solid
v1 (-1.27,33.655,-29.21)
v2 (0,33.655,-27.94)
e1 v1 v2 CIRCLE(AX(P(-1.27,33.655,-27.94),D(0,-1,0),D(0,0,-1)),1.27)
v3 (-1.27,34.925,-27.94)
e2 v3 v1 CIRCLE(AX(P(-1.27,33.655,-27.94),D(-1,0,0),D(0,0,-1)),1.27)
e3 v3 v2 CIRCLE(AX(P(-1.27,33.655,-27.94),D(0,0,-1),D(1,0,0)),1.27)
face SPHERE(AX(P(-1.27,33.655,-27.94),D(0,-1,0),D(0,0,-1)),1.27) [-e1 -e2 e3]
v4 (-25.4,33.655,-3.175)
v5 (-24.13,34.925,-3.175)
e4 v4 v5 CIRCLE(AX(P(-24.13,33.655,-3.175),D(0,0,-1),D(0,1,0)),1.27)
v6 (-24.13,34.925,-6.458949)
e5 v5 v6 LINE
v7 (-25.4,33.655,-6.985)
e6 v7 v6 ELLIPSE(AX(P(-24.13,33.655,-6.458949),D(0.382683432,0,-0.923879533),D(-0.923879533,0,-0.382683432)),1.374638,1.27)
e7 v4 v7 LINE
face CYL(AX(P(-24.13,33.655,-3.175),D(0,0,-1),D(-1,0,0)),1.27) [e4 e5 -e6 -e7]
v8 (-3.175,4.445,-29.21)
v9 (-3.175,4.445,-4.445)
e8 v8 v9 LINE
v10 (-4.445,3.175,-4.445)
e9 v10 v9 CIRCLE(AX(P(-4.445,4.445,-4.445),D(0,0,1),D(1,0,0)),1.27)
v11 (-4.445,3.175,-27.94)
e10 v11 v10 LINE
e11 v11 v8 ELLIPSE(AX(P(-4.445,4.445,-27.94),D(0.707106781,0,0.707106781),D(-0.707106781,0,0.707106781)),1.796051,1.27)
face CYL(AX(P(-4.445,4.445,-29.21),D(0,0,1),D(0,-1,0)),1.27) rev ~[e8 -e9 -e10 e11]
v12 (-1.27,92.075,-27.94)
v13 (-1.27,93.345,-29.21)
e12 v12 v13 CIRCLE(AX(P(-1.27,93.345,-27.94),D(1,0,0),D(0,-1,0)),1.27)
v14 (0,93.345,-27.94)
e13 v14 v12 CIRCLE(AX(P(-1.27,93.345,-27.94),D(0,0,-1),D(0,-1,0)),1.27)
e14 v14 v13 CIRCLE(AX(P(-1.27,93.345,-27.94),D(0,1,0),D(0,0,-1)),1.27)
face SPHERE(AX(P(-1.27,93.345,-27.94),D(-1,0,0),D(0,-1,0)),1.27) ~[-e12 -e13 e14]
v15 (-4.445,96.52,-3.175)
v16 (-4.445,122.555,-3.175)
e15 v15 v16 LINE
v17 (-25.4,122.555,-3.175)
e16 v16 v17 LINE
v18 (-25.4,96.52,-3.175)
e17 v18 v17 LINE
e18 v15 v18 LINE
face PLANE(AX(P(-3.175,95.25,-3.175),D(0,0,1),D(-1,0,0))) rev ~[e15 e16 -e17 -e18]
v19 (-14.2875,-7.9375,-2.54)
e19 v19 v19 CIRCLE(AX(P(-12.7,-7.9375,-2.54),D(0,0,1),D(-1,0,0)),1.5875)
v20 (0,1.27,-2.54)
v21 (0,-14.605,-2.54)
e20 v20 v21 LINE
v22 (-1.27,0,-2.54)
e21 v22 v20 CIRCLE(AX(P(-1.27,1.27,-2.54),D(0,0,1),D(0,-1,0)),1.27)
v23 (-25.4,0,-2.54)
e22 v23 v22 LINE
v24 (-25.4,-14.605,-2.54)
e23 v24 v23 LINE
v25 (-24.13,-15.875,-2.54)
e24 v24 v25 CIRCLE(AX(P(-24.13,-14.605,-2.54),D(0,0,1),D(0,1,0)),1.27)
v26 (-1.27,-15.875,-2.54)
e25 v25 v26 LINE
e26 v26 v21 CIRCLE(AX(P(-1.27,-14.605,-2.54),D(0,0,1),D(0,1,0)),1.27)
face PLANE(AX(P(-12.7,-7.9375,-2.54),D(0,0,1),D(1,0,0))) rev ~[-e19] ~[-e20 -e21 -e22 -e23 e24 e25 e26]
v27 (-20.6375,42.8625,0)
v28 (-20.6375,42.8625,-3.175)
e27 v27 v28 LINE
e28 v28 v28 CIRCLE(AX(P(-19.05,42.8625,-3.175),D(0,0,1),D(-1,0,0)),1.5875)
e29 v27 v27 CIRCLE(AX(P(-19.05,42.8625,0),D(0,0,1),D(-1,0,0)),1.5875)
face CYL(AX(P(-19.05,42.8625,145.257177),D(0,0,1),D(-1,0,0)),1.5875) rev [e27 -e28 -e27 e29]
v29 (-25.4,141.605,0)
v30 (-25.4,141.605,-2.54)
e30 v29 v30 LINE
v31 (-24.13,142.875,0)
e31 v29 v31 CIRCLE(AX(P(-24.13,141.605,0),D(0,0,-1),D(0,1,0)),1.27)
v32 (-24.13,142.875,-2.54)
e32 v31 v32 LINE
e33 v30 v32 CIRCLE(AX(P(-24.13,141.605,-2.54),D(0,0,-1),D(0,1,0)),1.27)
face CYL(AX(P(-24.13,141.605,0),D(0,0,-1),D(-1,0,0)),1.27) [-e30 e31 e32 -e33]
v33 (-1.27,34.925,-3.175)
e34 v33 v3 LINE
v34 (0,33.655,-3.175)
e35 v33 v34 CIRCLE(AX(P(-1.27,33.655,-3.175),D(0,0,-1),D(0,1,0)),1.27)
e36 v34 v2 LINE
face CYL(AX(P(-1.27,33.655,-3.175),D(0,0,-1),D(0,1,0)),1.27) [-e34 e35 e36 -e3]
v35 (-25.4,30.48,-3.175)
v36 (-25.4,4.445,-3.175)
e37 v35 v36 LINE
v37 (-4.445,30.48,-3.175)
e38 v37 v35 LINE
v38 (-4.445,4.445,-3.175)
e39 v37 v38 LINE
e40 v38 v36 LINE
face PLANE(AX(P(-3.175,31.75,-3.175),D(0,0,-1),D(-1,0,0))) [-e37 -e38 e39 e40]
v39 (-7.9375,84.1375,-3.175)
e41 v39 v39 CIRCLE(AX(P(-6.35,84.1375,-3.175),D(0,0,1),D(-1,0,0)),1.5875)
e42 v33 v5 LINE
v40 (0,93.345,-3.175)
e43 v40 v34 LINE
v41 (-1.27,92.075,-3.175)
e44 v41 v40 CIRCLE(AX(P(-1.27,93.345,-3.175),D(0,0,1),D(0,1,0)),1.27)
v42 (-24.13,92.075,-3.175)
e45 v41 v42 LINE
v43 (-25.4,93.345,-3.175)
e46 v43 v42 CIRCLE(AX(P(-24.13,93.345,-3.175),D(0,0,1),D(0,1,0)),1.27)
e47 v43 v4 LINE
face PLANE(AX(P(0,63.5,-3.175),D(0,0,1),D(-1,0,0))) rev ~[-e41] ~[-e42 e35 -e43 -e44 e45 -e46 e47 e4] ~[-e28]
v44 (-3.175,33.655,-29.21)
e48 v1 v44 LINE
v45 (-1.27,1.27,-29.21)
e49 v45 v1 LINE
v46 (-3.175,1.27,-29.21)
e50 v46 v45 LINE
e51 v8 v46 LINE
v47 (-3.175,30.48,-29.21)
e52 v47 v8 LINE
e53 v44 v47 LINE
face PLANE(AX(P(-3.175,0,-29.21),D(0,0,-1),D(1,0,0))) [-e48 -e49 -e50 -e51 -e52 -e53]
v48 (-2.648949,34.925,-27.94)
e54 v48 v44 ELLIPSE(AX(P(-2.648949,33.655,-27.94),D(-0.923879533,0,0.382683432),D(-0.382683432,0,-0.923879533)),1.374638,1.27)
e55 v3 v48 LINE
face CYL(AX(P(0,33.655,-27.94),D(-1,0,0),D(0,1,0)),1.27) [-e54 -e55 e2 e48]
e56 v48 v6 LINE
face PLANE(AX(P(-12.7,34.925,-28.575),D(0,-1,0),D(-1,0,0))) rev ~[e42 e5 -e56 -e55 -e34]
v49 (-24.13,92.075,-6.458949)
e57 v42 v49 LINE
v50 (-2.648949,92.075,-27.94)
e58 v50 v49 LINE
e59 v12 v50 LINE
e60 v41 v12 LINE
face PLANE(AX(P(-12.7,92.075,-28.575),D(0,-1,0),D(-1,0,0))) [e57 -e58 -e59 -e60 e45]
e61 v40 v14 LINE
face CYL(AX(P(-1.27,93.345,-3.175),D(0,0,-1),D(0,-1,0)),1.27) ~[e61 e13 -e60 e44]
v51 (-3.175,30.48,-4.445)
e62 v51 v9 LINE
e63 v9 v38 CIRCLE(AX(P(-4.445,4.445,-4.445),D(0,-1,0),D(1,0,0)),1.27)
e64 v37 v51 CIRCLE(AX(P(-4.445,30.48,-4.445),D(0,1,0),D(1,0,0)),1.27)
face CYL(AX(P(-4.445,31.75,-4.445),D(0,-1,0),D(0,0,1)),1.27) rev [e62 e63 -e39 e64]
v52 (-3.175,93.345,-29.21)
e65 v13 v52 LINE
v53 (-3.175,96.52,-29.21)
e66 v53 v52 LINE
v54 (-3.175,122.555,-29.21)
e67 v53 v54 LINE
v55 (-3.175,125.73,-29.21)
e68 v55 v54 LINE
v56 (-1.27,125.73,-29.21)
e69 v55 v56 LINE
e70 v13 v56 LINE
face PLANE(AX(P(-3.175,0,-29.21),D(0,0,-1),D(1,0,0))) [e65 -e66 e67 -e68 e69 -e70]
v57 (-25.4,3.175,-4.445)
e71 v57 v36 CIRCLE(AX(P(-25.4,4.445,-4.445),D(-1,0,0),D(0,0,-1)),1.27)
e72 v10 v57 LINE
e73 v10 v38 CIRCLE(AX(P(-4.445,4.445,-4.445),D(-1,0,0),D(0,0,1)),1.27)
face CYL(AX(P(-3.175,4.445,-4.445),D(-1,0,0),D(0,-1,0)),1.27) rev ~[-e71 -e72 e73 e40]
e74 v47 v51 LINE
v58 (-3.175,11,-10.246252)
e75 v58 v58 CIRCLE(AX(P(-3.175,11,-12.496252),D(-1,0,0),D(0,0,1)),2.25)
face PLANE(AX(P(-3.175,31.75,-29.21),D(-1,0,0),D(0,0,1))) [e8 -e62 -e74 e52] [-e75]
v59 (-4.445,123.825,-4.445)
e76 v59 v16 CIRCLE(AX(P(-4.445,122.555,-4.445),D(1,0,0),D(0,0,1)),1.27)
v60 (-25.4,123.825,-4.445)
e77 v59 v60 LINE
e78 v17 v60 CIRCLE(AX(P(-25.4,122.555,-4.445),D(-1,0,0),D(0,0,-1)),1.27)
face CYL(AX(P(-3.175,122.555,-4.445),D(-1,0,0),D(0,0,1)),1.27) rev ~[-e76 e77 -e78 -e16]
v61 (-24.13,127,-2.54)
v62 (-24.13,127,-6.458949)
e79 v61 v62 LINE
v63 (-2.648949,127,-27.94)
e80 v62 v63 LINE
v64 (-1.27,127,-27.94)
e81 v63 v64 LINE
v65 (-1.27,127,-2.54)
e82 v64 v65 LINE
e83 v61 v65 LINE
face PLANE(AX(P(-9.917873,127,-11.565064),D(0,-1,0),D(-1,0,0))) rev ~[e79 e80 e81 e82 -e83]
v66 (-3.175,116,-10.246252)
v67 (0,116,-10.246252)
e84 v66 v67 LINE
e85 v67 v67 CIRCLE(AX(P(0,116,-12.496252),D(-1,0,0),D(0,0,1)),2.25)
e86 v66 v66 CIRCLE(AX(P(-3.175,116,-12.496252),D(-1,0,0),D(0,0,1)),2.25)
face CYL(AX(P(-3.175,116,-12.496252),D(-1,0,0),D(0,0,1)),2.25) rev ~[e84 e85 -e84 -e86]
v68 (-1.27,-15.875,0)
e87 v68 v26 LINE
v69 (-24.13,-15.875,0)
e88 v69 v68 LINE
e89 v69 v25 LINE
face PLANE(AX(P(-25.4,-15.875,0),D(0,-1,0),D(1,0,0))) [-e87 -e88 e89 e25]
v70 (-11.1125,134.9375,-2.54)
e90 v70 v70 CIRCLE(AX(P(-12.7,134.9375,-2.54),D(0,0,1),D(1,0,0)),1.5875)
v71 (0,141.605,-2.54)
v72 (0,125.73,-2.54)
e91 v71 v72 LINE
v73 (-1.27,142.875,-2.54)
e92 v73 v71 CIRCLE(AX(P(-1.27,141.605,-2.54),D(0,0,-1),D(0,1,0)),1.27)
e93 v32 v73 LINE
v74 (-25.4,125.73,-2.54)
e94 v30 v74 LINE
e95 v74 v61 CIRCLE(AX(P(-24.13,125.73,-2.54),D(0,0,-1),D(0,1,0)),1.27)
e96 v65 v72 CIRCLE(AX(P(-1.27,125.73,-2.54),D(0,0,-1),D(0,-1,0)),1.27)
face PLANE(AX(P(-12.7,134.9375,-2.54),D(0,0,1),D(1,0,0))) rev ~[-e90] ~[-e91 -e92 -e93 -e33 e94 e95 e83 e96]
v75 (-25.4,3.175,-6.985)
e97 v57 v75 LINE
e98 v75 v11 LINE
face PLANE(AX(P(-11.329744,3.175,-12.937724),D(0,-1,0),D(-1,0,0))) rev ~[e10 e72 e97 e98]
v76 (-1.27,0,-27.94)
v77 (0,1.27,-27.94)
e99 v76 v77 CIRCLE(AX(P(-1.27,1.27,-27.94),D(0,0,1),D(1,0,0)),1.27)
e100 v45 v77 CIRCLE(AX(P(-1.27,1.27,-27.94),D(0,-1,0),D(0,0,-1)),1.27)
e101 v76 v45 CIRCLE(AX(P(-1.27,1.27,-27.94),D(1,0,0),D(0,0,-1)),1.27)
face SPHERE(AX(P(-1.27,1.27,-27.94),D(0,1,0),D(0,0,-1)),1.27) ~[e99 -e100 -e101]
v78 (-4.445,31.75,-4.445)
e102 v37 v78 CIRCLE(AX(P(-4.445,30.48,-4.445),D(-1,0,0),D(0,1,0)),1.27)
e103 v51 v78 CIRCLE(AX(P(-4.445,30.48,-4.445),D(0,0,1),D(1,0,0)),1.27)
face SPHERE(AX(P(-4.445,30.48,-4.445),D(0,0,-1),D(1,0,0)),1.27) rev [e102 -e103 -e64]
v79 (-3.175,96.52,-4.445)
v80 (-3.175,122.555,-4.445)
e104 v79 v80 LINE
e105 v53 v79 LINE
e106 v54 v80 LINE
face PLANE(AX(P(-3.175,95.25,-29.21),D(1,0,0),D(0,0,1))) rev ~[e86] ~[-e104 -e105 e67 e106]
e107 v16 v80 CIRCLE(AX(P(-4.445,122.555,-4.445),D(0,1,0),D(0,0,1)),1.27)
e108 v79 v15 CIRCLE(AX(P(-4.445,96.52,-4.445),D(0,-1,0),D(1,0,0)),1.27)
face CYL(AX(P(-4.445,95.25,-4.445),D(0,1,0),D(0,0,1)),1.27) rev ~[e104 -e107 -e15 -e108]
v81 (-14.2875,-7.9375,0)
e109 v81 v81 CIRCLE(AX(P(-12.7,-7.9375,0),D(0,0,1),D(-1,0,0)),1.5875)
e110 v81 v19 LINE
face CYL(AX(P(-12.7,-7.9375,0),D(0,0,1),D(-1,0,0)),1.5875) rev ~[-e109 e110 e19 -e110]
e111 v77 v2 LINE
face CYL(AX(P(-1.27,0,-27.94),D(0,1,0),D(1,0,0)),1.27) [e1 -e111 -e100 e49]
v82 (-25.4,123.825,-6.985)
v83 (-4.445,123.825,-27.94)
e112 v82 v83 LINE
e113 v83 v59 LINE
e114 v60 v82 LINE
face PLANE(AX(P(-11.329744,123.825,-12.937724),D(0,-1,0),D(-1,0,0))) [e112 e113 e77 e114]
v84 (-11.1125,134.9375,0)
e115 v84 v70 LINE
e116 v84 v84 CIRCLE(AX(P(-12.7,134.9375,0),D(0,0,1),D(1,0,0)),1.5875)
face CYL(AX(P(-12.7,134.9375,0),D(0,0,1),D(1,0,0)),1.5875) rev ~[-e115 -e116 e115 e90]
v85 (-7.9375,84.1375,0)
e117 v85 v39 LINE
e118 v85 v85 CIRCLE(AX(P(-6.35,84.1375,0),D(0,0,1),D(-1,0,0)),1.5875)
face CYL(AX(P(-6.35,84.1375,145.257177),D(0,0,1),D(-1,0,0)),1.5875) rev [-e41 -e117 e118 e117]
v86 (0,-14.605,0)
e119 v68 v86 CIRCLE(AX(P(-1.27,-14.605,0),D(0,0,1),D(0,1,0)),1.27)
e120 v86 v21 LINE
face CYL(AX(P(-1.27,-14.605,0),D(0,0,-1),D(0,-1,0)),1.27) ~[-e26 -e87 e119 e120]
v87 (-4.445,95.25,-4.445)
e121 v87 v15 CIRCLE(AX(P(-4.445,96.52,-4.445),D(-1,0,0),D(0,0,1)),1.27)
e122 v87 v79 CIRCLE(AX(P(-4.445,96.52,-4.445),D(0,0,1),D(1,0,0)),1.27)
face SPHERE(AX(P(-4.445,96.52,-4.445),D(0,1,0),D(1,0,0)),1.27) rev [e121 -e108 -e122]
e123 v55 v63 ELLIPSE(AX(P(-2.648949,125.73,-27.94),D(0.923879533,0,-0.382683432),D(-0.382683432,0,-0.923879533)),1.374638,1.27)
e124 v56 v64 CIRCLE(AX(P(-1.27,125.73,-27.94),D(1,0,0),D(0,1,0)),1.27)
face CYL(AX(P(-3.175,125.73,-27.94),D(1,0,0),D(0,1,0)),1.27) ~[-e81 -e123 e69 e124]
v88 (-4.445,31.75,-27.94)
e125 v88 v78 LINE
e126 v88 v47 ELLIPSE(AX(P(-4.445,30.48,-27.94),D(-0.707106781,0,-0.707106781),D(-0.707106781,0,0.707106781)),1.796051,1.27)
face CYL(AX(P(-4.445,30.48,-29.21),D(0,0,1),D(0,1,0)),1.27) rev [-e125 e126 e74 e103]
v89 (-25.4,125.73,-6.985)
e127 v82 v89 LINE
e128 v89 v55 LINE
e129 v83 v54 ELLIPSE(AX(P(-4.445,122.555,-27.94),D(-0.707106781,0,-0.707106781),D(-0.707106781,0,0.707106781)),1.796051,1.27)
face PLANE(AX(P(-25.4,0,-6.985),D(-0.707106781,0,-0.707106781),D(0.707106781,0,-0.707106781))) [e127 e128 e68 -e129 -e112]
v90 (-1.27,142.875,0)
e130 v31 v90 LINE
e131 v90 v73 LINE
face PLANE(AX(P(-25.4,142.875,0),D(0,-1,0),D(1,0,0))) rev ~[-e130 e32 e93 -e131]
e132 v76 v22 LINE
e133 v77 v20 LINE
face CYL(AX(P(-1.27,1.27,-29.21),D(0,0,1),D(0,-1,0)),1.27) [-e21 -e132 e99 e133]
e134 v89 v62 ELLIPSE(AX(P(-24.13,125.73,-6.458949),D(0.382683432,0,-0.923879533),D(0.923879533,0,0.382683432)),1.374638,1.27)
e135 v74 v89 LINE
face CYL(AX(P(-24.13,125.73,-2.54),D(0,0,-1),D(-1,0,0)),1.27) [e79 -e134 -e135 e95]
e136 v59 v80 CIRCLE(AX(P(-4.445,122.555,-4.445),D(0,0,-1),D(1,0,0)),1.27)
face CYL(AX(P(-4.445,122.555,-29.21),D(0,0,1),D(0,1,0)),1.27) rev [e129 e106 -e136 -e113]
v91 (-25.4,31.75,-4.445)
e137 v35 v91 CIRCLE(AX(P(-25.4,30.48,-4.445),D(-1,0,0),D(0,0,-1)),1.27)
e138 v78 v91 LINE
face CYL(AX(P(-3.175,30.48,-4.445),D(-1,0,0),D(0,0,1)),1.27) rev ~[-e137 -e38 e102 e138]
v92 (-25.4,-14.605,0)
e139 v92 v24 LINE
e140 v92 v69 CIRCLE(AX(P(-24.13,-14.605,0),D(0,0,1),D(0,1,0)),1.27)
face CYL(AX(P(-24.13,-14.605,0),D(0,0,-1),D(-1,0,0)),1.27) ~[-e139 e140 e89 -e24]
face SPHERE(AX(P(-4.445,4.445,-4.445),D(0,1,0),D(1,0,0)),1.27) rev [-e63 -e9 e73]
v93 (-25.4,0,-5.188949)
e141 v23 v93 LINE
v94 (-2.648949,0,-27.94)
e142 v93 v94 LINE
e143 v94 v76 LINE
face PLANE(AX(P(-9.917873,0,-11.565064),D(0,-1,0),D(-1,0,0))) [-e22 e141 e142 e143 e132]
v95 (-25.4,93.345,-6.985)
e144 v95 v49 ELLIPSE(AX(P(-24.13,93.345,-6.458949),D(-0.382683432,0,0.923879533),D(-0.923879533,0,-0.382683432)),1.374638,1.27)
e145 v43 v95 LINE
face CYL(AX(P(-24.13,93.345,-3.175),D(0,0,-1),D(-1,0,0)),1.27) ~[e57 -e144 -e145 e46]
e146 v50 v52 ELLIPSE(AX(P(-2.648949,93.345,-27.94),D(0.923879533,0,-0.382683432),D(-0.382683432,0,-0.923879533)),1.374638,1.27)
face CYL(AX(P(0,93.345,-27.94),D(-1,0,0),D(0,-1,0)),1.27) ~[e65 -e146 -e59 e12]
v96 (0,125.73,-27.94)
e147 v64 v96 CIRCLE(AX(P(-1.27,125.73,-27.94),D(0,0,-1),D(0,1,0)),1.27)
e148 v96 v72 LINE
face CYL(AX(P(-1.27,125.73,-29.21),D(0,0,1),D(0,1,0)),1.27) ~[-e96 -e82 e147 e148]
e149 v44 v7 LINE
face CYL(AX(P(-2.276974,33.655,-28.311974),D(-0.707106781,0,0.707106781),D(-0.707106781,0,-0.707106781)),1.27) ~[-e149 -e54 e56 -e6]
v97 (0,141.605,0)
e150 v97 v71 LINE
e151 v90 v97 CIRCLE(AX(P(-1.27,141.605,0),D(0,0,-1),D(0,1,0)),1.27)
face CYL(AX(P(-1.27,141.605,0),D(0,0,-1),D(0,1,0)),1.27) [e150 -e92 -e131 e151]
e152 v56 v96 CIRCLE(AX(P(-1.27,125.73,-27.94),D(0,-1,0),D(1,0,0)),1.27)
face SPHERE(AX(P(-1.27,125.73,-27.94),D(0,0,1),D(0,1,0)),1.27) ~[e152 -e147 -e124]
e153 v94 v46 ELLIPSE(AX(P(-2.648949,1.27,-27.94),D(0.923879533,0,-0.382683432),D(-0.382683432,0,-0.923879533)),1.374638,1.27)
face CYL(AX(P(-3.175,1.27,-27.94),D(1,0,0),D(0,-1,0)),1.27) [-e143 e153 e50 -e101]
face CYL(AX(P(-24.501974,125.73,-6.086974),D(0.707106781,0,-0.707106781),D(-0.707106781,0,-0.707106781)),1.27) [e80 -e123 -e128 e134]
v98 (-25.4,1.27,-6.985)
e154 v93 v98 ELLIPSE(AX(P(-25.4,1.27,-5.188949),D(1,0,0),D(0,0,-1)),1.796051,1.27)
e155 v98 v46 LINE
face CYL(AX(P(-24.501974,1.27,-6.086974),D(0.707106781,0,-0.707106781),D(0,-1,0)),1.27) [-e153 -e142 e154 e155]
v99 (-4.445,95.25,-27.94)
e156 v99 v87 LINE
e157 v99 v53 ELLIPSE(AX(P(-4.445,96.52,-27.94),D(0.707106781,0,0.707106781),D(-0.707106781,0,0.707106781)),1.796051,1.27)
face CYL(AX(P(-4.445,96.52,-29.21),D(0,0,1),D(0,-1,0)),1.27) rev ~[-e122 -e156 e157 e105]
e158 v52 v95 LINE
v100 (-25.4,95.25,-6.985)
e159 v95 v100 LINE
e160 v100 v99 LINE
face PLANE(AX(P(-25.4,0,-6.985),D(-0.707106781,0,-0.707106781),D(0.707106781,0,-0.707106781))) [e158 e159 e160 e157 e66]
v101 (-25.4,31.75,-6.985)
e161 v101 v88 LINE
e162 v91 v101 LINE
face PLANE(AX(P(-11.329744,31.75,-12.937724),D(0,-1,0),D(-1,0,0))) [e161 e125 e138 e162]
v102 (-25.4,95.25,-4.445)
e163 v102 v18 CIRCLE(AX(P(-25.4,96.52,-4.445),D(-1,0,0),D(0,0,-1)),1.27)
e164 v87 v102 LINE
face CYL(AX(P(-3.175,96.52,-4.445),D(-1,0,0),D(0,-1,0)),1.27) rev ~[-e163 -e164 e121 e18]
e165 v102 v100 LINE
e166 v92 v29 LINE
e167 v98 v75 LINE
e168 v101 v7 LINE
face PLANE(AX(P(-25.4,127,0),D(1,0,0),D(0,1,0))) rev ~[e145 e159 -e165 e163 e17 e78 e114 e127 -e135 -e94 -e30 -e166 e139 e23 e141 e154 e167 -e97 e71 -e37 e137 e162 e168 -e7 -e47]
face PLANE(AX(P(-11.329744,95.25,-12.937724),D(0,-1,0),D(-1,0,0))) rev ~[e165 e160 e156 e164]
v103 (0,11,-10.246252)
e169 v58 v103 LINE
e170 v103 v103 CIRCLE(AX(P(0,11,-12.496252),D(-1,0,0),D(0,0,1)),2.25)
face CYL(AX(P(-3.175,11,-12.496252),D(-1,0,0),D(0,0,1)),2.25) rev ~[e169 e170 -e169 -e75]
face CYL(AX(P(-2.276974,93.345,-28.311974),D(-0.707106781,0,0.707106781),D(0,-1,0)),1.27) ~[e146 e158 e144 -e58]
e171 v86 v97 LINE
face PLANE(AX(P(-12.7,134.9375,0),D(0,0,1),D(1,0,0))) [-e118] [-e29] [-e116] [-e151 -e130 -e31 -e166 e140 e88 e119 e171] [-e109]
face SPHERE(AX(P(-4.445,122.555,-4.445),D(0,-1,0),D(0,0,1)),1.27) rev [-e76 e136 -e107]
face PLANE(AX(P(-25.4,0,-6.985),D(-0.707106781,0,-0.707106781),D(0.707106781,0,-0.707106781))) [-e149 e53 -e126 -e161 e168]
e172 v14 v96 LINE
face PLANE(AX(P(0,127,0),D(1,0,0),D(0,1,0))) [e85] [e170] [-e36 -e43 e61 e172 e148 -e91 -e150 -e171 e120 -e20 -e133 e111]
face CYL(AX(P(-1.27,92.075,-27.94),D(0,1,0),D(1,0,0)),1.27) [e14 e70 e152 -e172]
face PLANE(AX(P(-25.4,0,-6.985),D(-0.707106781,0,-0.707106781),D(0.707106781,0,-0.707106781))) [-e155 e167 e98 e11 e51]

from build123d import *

# Parameters (mm, degrees)
BOSS_EXTRUDE1_DEPTH     = 127
CUT_EXTRUDE1_START      = -31.75
CUT_EXTRUDE1_DEPTH      = 28.575
CUT_EXTRUDE2_START      = 31.75
CUT_EXTRUDE2_DEPTH      = 28.575
SKETCH3_W               = 25.4
SKETCH3_H               = 50.8
CUT_EXTRUDE4_DEPTH      = 28.575
SKETCH6_W               = 25.4
SKETCH6_H               = 15.875
SKETCH6_R               = 1.5875
BOSS_EXTRUDE2_DEPTH     = 2.54
CUT_EXTRUDE6_DEPTH      = 148.432177119
CUT_EXTRUDE6_DEPTH_BACK = 148.432177119
SKETCH5_R               = 1.5875
SKETCH7_R               = 2.25
CUT_EXTRUDE7_DEPTH      = 148.514203892
FILLET1_R               = 1.27


with BuildPart() as part:
    # Sketch1 → Boss-Extrude1 (new body)
    with BuildSketch(Plane(origin=(0, 0, 0), x_dir=(1, 0, 0), z_dir=(0, 1, 0))):
        Polygon((0, 0), (-25.4, 0), (-25.4, 6.985), (-3.175, 29.21), (0, 29.21), align=None)
    extrude(amount=BOSS_EXTRUDE1_DEPTH)

    # Sketch2 → Cut-Extrude1 (cut)
    with BuildSketch(Plane(origin=(0, 63.5, 0), x_dir=(-1, 0, 0), z_dir=(0, -1, 0)).offset(CUT_EXTRUDE1_START)):
        Polygon((25.4, 6.985), (3.175, 29.21), (3.175, 3.175), (25.4, 3.175), align=None)
    extrude(amount=-CUT_EXTRUDE1_DEPTH, mode=Mode.SUBTRACT)

    # Sketch2<2> → Cut-Extrude2 (cut)
    with BuildSketch(Plane(origin=(0, 63.5, 0), x_dir=(-1, 0, 0), z_dir=(0, -1, 0)).offset(CUT_EXTRUDE2_START)):
        Polygon((25.4, 6.985), (3.175, 29.21), (3.175, 3.175), (25.4, 3.175), align=None)
    extrude(amount=CUT_EXTRUDE2_DEPTH, mode=Mode.SUBTRACT)

    # Sketch3 → Cut-Extrude4 (cut, symmetric)
    with BuildSketch(Plane(origin=(0, 63.5, 0), x_dir=(-1, 0, 0), z_dir=(0, -1, 0))):
        with Locations((12.7, 28.575)):
            Rectangle(SKETCH3_W, SKETCH3_H)
    extrude(amount=CUT_EXTRUDE4_DEPTH, both=True, mode=Mode.SUBTRACT)

    # Sketch6 → Boss-Extrude2 (add)
    # profile 1 of 2: a face of its own
    with BuildSketch(Plane.XY):
        with Locations((-12.7, 134.9375)):
            Rectangle(SKETCH6_W, SKETCH6_H)
        with Locations((-12.7, 134.9375)):
            Circle(SKETCH6_R, mode=Mode.SUBTRACT)
    # profile 2 of 2: a face of its own
    with BuildSketch(Plane.XY):
        with Locations((-12.7, -7.9375)):
            Rectangle(SKETCH6_W, SKETCH6_H)
        with Locations(Location((-12.7, -7.9375, 0), (0, 0, 180))):
            Circle(SKETCH6_R, mode=Mode.SUBTRACT)
    extrude(amount=-BOSS_EXTRUDE2_DEPTH)

    # Sketch5 → Cut-Extrude6 (cut, two sides: drawn at the far end of the back side and taken through both)
    with BuildSketch(Plane(origin=(0, 0, -3.175), x_dir=(-1, 0, 0), z_dir=(0, 0, -1)).offset(-CUT_EXTRUDE6_DEPTH_BACK)):
        with Locations((6.35, 84.1375)):
            Circle(SKETCH5_R)
        with Locations((19.05, 42.8625)):
            Circle(SKETCH5_R)
    extrude(amount=CUT_EXTRUDE6_DEPTH + CUT_EXTRUDE6_DEPTH_BACK, mode=Mode.SUBTRACT)

    # Sketch7 → Cut-Extrude7 (cut, through all)
    with BuildSketch(Plane.ZY.offset(3.175)):
        with Locations((-12.49625182, 11)):
            Circle(SKETCH7_R)
        with Locations((-12.49625182, 116)):
            Circle(SKETCH7_R)
    extrude(amount=-CUT_EXTRUDE7_DEPTH, mode=Mode.SUBTRACT)

    # Fillet1
    fillet1_edges = [part.edges().sort_by_distance(p)[0] for p in [
        (-14.2875, 127, -18.0975),
        (-25.4, 127, -4.7625),
        (-3.175, 109.5375, -3.175),
        (-3.175, 95.25, -16.1925),
        (-14.2875, 95.25, -3.175),
        (-14.2875, 123.825, -3.175),
        (-3.175, 123.825, -16.1925),
        (-3.175, 31.75, -16.1925),
        (-3.175, 17.4625, -3.175),
        (-14.2875, 31.75, -3.175),
        (-3.175, 3.175, -16.1925),
        (-14.2875, 3.175, -3.175),
        (0, 17.4625, -29.21),
        (-1.5875, 34.925, -29.21),
        (-1.5875, 92.075, -29.21),
        (-25.4, 92.075, -5.08),
        (0, 92.075, -16.1925),
        (-25.4, 34.925, -5.08),
        (-14.2875, 34.925, -18.0975),
        (0, 34.925, -16.1925),
        (-14.2875, 92.075, -18.0975),
        (0, 127, -15.875),
        (-14.2875, 0, -18.0975),
        (0, 142.875, -1.27),
        (-25.4, 142.875, -1.27),
        (-1.5875, 0, -29.21),
        (0, 0, -15.875),
        (0, -15.875, -1.27),
        (-25.4, -15.875, -1.27),
        (-1.5875, 127, -29.21),
        (0, 109.5375, -29.21),
    ]]
    fillet(fillet1_edges, radius=FILLET1_R)


solid = part.part
